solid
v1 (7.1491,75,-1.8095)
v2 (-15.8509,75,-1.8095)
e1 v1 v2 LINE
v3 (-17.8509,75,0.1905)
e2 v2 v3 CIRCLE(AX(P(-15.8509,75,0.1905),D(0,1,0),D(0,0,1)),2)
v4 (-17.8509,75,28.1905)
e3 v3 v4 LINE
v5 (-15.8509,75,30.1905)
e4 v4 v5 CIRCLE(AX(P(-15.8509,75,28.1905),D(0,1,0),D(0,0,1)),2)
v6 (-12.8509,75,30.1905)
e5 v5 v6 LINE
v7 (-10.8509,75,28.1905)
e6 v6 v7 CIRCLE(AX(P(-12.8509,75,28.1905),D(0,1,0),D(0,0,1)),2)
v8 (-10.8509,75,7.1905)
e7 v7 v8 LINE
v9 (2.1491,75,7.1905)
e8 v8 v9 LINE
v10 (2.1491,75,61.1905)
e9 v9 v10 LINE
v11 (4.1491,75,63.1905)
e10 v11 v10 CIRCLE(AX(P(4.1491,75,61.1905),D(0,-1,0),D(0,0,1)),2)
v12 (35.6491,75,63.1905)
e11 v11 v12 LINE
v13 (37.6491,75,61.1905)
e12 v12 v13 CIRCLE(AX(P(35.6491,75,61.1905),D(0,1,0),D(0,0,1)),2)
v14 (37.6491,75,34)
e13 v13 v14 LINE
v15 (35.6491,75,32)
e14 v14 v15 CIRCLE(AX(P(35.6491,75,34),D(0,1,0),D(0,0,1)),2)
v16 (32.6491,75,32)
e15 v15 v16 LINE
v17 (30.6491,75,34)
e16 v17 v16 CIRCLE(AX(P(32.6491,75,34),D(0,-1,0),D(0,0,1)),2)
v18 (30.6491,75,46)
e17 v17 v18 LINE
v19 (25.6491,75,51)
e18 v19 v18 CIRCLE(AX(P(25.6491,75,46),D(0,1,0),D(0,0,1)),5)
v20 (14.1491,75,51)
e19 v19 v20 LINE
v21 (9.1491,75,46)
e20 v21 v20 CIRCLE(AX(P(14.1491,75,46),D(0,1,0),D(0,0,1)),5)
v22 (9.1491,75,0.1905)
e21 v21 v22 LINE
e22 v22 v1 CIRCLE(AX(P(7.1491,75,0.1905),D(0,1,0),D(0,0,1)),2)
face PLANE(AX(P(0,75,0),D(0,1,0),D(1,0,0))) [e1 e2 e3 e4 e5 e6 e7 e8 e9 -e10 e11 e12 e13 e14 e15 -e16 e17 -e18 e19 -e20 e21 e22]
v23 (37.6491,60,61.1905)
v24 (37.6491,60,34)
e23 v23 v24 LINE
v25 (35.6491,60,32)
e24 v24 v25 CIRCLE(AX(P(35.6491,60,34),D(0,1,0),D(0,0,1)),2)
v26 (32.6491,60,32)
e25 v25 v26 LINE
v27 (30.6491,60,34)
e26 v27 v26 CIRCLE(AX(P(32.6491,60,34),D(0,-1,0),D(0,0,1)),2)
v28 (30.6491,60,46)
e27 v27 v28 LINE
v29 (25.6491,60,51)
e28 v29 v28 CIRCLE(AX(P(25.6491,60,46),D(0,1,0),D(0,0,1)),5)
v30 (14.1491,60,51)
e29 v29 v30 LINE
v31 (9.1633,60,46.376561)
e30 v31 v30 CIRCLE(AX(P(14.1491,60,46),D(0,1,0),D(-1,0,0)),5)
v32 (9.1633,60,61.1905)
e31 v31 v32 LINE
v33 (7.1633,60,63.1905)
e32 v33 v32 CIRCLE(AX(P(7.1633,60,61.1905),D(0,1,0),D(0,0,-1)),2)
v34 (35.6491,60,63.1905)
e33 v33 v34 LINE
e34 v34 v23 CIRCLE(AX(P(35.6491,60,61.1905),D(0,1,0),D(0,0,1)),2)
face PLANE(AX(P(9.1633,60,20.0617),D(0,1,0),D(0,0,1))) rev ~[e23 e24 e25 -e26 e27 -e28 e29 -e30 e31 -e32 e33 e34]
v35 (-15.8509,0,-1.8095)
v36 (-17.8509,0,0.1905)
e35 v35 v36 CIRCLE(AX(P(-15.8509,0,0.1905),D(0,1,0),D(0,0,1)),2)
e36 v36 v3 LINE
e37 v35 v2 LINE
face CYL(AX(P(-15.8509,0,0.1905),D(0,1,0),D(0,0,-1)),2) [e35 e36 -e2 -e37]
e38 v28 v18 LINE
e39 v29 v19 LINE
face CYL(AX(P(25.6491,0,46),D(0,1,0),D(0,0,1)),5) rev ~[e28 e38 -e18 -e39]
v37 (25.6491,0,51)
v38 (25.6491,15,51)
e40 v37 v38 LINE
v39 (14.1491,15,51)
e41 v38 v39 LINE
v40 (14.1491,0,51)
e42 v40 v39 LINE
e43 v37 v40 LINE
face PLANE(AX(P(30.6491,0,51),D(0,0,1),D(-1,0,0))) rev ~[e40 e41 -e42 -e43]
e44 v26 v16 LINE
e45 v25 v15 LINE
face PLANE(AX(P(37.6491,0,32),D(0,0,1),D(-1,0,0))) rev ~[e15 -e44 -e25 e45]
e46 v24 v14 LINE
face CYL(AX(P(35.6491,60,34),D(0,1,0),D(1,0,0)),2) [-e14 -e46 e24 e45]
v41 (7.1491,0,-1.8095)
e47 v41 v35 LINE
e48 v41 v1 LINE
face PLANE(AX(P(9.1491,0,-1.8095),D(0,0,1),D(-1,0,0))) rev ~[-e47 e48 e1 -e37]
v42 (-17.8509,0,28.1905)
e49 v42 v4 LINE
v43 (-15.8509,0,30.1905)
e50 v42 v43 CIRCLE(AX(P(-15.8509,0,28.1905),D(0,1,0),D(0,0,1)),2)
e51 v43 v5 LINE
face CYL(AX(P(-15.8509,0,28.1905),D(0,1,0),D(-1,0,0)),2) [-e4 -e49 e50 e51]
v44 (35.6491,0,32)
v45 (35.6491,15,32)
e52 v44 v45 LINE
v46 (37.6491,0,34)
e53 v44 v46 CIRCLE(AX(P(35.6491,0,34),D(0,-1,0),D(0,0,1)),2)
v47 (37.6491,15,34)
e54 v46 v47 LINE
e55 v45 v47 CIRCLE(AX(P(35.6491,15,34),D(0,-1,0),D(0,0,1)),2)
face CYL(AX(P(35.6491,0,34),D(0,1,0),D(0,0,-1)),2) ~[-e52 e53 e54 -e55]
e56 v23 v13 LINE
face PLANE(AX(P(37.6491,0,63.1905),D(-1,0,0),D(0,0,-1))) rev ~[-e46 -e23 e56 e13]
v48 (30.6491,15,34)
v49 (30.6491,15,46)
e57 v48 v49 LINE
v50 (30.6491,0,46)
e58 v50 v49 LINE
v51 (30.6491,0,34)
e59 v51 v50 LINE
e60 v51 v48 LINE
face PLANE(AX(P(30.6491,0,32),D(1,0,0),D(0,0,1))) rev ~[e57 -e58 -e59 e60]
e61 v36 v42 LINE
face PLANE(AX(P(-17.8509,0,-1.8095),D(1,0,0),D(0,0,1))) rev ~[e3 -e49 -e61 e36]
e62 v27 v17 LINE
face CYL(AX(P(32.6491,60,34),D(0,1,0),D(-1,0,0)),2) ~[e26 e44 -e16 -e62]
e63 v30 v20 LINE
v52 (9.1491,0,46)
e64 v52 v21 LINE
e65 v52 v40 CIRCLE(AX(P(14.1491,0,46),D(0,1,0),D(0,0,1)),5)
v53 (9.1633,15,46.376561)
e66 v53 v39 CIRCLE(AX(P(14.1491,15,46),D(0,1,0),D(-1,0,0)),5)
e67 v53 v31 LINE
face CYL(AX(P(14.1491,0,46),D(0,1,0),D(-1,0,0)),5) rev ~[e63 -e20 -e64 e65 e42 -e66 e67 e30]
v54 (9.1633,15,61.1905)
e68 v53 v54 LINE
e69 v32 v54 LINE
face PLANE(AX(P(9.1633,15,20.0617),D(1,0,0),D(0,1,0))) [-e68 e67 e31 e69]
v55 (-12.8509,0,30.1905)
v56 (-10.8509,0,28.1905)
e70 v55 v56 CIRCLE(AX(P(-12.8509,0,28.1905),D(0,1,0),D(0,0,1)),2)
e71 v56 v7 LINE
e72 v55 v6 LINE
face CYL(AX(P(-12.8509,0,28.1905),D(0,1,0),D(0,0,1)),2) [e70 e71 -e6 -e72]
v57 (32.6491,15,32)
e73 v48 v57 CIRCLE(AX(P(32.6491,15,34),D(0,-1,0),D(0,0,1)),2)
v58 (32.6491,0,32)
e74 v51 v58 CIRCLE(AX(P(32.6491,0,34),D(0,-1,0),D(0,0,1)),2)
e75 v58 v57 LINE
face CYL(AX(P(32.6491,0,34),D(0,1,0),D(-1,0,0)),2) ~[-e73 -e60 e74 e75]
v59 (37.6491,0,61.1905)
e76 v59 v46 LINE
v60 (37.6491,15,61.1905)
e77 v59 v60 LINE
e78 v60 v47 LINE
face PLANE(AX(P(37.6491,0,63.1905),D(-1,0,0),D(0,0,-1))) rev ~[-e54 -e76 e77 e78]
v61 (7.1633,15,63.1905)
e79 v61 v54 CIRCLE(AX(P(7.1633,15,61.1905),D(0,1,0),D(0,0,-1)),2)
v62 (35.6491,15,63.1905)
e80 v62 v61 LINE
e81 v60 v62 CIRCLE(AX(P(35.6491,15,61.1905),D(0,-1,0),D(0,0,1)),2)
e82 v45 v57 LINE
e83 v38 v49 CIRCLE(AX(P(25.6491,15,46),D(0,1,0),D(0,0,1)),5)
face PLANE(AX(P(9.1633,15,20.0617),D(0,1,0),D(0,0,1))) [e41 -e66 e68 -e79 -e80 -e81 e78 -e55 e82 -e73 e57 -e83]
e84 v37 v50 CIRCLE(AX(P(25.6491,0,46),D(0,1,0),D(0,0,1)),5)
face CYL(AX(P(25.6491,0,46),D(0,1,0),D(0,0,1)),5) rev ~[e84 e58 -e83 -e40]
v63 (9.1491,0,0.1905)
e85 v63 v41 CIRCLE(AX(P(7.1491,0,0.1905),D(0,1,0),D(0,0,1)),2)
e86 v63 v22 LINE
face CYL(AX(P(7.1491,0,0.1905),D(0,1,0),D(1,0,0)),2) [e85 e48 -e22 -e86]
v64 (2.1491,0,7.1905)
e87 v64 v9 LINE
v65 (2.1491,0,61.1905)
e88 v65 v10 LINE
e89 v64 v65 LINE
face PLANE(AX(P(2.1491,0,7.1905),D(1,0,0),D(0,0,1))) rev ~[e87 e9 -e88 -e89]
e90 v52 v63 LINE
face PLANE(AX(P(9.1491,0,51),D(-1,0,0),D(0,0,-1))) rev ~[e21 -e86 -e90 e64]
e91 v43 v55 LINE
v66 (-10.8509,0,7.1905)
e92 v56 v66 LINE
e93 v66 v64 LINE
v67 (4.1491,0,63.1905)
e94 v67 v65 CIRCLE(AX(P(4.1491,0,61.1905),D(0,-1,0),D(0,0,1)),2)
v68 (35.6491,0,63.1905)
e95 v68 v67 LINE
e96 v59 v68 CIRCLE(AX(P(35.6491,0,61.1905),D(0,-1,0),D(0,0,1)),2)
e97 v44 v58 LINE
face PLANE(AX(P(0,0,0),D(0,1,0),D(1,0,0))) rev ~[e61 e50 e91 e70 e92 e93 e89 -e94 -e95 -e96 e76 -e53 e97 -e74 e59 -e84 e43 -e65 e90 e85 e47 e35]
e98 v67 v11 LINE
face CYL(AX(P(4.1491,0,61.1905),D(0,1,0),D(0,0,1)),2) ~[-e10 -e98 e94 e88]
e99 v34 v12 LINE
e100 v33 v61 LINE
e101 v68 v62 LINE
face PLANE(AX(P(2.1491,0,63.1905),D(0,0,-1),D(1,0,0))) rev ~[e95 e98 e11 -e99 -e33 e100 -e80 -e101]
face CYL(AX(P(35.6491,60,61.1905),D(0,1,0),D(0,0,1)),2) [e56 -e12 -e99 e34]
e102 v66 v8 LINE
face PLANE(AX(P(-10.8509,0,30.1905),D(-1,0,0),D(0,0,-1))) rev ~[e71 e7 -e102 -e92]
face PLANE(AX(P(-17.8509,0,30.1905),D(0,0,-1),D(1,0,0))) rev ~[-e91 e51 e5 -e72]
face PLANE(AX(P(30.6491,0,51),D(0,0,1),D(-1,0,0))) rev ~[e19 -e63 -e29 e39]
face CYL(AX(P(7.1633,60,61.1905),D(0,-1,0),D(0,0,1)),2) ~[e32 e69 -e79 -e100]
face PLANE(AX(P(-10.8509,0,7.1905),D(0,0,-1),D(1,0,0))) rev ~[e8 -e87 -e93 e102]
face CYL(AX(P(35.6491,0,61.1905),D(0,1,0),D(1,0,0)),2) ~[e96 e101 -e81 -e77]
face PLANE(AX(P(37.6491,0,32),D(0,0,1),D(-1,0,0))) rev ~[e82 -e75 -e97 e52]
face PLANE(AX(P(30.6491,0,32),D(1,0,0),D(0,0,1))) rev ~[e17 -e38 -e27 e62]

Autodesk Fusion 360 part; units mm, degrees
sketch "Sketch1" plane through (0, 0, 0) normal (0, 1, 0) x (1, 0, 0)
  line L0 (-10.8509, -30.1905) -> (-10.8509, -7.1905)
  line L1 (-10.8509, -7.1905) -> (2.1491, -7.1905)
  line L2 (2.1491, -7.1905) -> (2.1491, -63.1905)
  line L3 (2.1491, -63.1905) -> (9.1491, -63.1905)
  line L4 (9.1491, -63.1905) -> (9.1491, 1.8095)
  line L5 (9.1491, 1.8095) -> (-17.8509, 1.8095)
  line L6 (-17.8509, 1.8095) -> (-17.8509, -30.1905)
  line L7 (-17.8509, -30.1905) -> (-10.8509, -30.1905)
  line L8 (9.1491, -63.1905) -> (38, -63.1905)
  line L9 (37.6491, -63.1989) -> (37.6491, -32)
  line L10 (37.6491, -32) -> (30.6491, -32)
  line L11 (30.6491, -32) -> (30.6491, -51)
  line L12 (30.6491, -51) -> (9.1491, -51)
  dimension "d11" = 65
  dimension "d15" = 27
  dimension "d16" = 7
  dimension "d17" = 13
  dimension "d18" = 23
  dimension "d24" = 35.5
  dimension "d28" = 21.5
  dimension "d29" = 7
  dimension "d37" = 32
extrude "Extrude2" add sketch "Sketch1" along normal blind 75 makes body 1
fillet "Fillet4" radius 5 2 edges at (9.1491, 37.5, 51) (30.6491, 37.5, 51) on bodies 1
box "BoxPrimitive1" add length 45 width 45 height 45 placed x (0, 0, 1) y (1, 0, 0) z (0, 1, 0) at (45, 0, 23) separate body makes body 2
move_body "Move9" bodies 2 to x (1, 0, 0) y (0, 1, 0) z (0, 0, 1) at (-35.8367, 15, -2.9383)
combine "Combine1" operation cut target body 1 tool bodies 2
fillet "Fillet5" radius 2 8 edges at (2.1491, 37.5, 63.1905) (37.6491, 7.5, 63.1905) (37.6491, 67.5, 63.1905) (9.1633, 37.5, 63.1905) (30.6491, 7.5, 32) (37.6491, 7.5, 32) (30.6491, 67.5, 32) (37.6491, 67.5, 32) on bodies 1
fillet "Fillet6" radius 2 4 edges at (-17.8509, 37.5, 30.1905) (9.1491, 37.5, -1.8095) (-17.8509, 37.5, -1.8095) (-10.8509, 37.5, 30.1905) on bodies 1
